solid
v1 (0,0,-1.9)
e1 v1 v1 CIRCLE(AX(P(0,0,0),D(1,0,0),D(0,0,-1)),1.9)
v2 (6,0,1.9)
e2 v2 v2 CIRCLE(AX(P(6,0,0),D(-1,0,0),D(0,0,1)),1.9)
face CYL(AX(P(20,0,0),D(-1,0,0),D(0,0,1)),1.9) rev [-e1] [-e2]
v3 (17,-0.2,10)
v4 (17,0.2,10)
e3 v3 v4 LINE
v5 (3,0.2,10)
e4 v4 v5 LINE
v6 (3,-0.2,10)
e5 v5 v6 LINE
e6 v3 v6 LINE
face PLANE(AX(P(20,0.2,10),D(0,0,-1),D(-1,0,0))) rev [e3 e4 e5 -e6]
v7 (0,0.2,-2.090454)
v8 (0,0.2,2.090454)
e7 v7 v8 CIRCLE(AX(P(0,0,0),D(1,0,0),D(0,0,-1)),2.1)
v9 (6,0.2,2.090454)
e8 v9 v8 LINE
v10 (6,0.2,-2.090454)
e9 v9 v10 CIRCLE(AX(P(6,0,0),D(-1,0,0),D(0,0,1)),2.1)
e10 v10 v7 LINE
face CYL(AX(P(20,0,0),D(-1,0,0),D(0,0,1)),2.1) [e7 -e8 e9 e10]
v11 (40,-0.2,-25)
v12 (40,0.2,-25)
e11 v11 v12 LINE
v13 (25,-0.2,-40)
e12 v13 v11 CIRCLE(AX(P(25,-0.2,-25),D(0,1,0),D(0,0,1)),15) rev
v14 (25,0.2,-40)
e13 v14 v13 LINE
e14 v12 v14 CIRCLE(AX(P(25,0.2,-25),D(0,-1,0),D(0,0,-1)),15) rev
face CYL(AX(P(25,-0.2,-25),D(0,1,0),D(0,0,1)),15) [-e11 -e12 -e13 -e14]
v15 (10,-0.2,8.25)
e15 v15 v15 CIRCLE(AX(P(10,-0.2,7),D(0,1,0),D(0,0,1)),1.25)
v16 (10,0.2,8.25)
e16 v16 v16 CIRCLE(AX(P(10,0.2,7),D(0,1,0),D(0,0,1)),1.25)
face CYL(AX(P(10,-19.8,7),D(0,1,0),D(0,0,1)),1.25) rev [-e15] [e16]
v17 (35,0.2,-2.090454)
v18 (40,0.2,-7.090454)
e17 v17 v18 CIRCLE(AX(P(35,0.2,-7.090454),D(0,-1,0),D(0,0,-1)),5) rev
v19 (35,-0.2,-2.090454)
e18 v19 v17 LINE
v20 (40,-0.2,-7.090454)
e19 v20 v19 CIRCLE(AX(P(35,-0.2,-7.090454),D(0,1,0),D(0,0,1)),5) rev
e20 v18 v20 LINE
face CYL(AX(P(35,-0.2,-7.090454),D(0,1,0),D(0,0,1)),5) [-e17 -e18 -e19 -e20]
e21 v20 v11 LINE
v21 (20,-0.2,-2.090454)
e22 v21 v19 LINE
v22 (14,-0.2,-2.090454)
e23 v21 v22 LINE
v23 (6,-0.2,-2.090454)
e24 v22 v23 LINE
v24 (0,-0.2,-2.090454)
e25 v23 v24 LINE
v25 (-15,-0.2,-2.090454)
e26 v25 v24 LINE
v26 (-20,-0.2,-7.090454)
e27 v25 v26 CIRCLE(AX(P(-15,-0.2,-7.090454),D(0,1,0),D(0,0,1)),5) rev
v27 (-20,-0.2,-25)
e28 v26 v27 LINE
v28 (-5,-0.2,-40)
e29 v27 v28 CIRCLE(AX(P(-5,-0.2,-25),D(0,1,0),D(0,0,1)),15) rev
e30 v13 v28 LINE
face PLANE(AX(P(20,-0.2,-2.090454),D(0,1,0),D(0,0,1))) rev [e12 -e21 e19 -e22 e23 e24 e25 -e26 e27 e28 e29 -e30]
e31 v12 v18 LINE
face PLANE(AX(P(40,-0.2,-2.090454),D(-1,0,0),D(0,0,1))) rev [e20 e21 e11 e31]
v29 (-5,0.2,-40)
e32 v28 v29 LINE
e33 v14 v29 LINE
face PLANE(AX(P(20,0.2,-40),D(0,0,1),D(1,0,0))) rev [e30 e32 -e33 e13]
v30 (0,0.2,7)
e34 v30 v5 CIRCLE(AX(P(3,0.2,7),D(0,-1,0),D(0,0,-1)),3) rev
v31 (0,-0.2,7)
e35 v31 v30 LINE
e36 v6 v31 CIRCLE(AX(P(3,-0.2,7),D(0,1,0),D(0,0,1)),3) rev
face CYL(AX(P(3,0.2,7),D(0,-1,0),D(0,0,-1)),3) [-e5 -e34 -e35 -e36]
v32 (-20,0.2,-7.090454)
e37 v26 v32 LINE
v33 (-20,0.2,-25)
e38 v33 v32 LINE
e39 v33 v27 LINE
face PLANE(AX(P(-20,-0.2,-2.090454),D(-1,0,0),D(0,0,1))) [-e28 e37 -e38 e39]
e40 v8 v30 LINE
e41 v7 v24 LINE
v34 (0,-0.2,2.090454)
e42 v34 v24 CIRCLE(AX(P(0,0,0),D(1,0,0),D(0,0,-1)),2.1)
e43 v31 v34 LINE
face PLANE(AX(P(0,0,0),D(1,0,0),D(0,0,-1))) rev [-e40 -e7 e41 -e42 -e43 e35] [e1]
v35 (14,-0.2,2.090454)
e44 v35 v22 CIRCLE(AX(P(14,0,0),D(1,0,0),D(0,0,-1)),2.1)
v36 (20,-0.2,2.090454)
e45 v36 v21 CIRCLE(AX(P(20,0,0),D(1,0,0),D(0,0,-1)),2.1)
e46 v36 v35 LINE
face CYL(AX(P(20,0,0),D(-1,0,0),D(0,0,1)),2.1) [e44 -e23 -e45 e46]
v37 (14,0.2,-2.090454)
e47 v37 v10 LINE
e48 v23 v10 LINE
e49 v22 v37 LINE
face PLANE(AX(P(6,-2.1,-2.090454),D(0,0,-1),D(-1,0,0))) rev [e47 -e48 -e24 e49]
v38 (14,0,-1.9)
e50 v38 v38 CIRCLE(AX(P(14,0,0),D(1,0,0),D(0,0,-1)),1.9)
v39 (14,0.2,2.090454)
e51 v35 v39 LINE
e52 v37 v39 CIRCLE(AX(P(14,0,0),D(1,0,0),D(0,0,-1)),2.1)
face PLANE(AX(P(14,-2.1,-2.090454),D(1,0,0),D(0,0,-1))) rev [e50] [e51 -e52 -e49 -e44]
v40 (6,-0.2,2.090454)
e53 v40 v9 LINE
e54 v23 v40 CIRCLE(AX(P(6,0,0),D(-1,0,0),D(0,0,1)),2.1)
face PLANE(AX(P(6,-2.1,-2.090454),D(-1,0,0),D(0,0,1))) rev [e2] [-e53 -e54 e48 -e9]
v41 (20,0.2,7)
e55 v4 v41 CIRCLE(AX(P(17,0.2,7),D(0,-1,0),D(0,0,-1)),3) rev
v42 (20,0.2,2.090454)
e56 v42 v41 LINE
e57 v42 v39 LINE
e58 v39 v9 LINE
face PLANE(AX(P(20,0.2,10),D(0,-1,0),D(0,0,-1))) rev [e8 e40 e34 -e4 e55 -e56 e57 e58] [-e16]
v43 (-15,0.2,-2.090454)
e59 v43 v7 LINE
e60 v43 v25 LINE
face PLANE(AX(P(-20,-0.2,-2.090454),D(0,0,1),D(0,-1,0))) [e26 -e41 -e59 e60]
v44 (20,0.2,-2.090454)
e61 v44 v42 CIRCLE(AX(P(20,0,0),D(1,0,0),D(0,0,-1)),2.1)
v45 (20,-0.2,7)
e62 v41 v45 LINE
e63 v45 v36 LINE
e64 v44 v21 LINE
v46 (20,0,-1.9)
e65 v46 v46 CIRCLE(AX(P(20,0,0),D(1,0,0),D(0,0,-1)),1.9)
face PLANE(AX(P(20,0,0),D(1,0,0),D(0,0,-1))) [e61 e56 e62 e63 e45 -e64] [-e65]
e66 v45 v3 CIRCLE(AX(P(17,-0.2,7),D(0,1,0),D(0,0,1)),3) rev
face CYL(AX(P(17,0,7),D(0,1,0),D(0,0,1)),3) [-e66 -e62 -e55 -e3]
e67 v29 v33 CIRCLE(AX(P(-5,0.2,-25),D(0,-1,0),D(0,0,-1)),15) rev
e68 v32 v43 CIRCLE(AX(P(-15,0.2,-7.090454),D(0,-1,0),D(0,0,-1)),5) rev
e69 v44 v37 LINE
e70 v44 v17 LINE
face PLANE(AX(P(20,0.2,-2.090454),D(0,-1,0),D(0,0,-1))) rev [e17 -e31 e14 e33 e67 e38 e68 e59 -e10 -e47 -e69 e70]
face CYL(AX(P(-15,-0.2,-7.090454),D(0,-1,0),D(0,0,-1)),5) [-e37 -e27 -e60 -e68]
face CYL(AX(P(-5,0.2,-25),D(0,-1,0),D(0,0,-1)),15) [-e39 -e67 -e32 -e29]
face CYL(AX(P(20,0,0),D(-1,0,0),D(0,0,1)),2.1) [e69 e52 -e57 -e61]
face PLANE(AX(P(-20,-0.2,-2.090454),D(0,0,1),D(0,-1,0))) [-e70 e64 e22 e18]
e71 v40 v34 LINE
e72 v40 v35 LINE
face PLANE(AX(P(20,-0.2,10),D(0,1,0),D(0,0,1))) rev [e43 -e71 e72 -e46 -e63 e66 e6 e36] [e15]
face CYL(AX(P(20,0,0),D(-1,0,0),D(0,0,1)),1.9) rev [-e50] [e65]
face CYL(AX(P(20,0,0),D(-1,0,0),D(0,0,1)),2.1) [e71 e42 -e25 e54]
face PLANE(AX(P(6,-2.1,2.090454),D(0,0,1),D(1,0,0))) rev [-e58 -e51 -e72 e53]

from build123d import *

# Parameters (mm, degrees)
SKETCH_1_R               = 1.9
EXTRUDE_1_DEPTH          = 20
SKETCH_2_W               = 37.909545504
SKETCH_2_H               = 0.4
EXTRUDE_2_DEPTH          = 20
EXTRUDE_2_DEPTH_BACK     = 40
FILLET_1_R               = 15
FILLET_2_R               = 5
FILLET_3_R               = 3
CUT_EXTRUDE_1_DEPTH      = 20
SKETCH_4_W               = 8
SKETCH_4_H               = 4.180908992
CUT_EXTRUDE_2_DEPTH      = 2.9
CUT_EXTRUDE_2_DEPTH_BACK = 3.3


with BuildPart() as part:
    # 草图1 → 凸台-拉伸1 (new body)
    with BuildSketch(Plane(origin=(0, 0, 0), x_dir=(0, 0, -1), z_dir=(1, 0, 0))):
        with BuildLine():
            Line((-10, -0.2), (-2.090454496, -0.2))
            ThreePointArc((-2.090454496, -0.2), (0, -2.1), (2.090454496, -0.2))
            Line((2.090454496, -0.2), (40, -0.2))
            Line((40, -0.2), (40, 0.2))
            Line((40, 0.2), (2.090454496, 0.2))
            ThreePointArc((2.090454496, 0.2), (0, 2.1), (-2.090454496, 0.2))
            Line((-2.090454496, 0.2), (-10, 0.2))
            Line((-10, 0.2), (-10, -0.2))
        make_face()
        Circle(SKETCH_1_R, mode=Mode.SUBTRACT)
    extrude(amount=EXTRUDE_1_DEPTH)

    # 草图2 → 凸台-拉伸2 (add, two sides)
    with BuildSketch(Plane(origin=(20, 0, 0), x_dir=(0, 0, -1), z_dir=(1, 0, 0))) as extrude_2_sk:
        with Locations((21.045227248, 0)):
            Rectangle(SKETCH_2_W, SKETCH_2_H)
    extrude(amount=EXTRUDE_2_DEPTH)
    extrude(extrude_2_sk.sketch, amount=-EXTRUDE_2_DEPTH_BACK)

    # 圆角1
    fillet_1_edges = [part.edges().sort_by_distance(p)[0] for p in [
        (-20, 0, -40),
        (40, 0, -40),
    ]]
    fillet(fillet_1_edges, radius=FILLET_1_R)

    # 圆角2
    fillet_2_edges = [part.edges().sort_by_distance(p)[0] for p in [
        (-20, 0, -2.090454496),
        (40, 0, -2.090454496),
    ]]
    fillet(fillet_2_edges, radius=FILLET_2_R)

    # 圆角3
    fillet_3_edges = [part.edges().sort_by_distance(p)[0] for p in [
        (0, 0, 10),
        (20, 0, 10),
    ]]
    fillet(fillet_3_edges, radius=FILLET_3_R)

    # 草图3 → 切除-拉伸1 (cut)
    with BuildSketch(Plane(origin=(0, 0.2, 0), x_dir=(1, 0, 0), z_dir=(0, 1, 0))):
        with BuildLine():
            ThreePointArc((11.25, -7), (10.883883476, -6.116116524), (10, -5.75))
            Line((10, -5.75), (10, -8.25))
            ThreePointArc((10, -8.25), (10.883883476, -7.883883476), (11.25, -7))
        make_face()
        with BuildLine():
            Line((10, -8.25), (10, -5.75))
            ThreePointArc((10, -5.75), (8.75, -7), (10, -8.25))
        make_face()
    extrude(amount=-CUT_EXTRUDE_1_DEPTH, mode=Mode.SUBTRACT)

    # 草图4 → 切除-拉伸2 (cut, two sides)
    with BuildSketch(Plane(origin=(0, 0.2, 0), x_dir=(1, 0, 0), z_dir=(0, 1, 0))) as cut_extrude_2_sk:
        with Locations((10, 0)):
            Rectangle(SKETCH_4_W, SKETCH_4_H)
    extrude(amount=CUT_EXTRUDE_2_DEPTH, mode=Mode.SUBTRACT)
    extrude(cut_extrude_2_sk.sketch, amount=-CUT_EXTRUDE_2_DEPTH_BACK, mode=Mode.SUBTRACT)


solid = part.part
